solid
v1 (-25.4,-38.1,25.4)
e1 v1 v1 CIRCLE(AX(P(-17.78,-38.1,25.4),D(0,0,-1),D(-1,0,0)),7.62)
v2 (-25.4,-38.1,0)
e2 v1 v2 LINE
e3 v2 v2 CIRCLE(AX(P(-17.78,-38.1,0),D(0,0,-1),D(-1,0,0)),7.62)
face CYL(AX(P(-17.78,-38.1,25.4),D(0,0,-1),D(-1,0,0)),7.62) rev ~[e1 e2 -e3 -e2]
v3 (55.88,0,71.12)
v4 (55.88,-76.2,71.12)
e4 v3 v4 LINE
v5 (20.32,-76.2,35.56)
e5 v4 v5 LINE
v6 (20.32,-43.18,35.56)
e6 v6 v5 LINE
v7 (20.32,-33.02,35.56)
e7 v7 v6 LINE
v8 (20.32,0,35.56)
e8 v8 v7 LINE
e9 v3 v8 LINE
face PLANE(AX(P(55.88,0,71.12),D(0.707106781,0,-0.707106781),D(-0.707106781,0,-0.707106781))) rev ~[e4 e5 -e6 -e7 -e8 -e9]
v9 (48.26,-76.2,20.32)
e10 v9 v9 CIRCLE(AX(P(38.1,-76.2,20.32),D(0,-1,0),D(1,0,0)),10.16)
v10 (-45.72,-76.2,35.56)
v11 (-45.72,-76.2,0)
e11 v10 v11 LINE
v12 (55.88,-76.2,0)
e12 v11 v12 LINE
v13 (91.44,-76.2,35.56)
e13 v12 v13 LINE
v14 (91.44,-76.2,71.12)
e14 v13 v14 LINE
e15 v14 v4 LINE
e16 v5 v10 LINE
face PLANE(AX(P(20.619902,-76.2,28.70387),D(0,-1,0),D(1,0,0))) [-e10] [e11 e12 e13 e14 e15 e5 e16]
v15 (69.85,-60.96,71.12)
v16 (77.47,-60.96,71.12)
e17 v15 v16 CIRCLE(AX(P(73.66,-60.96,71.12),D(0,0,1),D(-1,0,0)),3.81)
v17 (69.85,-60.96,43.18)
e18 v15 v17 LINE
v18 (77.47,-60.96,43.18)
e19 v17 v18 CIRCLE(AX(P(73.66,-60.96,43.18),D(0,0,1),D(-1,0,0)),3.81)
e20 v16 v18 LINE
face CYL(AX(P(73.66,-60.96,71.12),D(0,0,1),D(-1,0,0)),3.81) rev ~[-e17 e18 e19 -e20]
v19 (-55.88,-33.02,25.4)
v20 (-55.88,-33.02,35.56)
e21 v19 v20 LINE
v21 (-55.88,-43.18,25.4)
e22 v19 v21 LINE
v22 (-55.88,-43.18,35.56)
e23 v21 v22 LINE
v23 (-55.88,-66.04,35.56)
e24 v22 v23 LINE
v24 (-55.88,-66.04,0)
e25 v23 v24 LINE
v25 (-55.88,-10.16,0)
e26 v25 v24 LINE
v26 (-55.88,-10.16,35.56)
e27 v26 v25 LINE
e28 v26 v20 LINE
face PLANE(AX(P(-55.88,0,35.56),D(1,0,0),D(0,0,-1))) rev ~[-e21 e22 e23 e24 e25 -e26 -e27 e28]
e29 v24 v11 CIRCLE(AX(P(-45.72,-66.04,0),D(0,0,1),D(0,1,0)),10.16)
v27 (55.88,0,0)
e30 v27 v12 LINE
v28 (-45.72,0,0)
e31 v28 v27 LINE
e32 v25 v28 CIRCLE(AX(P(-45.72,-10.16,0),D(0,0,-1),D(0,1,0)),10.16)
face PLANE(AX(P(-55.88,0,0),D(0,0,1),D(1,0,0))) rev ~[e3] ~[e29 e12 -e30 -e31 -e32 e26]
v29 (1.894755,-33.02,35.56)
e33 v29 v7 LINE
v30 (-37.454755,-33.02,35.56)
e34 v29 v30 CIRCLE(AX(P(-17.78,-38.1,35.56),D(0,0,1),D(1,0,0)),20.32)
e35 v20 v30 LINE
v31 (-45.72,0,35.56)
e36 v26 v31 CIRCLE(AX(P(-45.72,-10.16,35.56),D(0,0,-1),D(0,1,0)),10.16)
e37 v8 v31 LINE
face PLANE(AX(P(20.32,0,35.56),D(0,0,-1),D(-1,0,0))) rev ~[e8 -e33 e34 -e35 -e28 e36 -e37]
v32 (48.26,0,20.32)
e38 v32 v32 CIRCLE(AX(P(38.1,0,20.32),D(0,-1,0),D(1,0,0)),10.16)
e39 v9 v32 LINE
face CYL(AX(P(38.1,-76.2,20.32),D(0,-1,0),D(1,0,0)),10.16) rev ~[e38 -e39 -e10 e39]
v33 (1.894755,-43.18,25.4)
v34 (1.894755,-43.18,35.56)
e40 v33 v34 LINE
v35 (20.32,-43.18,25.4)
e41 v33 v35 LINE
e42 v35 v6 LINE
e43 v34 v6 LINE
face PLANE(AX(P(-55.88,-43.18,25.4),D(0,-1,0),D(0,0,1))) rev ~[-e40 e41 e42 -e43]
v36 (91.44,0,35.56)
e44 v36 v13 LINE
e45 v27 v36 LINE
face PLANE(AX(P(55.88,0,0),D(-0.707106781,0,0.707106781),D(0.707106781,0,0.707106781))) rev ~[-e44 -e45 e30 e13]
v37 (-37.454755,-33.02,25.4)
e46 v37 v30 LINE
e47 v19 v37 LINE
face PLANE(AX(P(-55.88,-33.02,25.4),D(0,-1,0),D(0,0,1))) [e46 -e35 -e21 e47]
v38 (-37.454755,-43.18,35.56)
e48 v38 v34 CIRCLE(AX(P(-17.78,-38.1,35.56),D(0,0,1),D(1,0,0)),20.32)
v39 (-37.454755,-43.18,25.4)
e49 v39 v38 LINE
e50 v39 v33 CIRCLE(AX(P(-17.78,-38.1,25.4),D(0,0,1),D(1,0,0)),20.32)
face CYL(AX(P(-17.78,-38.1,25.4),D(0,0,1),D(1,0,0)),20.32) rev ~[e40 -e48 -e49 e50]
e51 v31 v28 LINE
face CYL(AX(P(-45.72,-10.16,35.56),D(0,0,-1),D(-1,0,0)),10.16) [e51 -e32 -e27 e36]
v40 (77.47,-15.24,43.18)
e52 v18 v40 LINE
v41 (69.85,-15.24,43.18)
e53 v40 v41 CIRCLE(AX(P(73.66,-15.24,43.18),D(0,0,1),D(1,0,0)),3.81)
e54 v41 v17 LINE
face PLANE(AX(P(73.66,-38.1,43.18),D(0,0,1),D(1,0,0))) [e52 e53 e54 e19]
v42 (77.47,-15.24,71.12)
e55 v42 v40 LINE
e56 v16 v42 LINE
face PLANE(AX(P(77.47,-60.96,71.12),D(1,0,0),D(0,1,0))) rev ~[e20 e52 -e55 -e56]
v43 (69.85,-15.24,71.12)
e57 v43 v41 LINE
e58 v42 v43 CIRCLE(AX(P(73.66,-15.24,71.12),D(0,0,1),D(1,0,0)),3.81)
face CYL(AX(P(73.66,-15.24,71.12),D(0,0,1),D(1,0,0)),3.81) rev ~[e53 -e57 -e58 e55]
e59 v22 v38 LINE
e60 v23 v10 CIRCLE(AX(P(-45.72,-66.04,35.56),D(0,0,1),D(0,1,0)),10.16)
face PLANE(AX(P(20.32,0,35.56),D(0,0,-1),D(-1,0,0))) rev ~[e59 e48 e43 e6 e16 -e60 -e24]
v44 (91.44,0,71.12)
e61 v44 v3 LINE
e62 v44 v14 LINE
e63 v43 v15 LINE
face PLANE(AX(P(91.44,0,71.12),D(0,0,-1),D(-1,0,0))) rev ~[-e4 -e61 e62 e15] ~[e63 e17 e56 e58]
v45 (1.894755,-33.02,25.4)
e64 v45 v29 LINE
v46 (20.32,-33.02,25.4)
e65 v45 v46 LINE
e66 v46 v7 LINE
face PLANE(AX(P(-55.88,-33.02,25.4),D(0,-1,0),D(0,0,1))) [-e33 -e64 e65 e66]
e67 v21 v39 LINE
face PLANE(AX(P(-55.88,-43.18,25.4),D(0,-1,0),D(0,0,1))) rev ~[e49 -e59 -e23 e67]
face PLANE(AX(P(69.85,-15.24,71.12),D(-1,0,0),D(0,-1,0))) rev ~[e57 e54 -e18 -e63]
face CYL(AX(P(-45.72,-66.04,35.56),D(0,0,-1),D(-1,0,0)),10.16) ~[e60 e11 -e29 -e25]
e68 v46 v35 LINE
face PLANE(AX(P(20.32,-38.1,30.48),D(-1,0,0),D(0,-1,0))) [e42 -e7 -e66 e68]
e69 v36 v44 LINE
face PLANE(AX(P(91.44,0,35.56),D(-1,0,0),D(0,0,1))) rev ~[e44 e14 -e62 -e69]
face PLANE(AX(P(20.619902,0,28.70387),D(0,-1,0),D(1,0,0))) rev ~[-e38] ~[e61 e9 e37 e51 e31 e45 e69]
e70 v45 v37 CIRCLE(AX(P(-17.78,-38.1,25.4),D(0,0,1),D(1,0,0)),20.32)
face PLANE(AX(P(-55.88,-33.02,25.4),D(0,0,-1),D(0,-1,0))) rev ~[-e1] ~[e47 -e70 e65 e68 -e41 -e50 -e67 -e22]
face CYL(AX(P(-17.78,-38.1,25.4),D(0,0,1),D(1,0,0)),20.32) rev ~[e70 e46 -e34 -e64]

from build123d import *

# Parameters (mm, degrees)
F1_DEPTH       = 76.2
F2_R           = 10.16
F3_DEPTH       = 76.201
F4_W           = 10.16
F4_H           = 10.16
F5_DEPTH       = 76.2
F7_D           = 15.24
F7_START       = 10.16
F7_CBORE_D     = 40.64
F7_CBORE_DEPTH = 0
F9_DEPTH       = 27.94
F10_R          = 10.16


with BuildPart() as f1:
    # F0 (on Front) → F1 (new body)
    with BuildSketch(Plane.XZ):
        Polygon((-55.88, 35.56), (-55.88, 0), (55.88, 0), (91.44, 35.56), (91.44, 71.12), (55.88, 71.12), (20.32, 35.56), align=None)
    extrude(amount=F1_DEPTH)

    # F2 (on face) → F3 (cut, through all)
    with BuildSketch(Plane.XZ.offset(76.2)):
        with Locations((38.1, 20.32)):
            Circle(F2_R)
    extrude(amount=-F3_DEPTH, mode=Mode.SUBTRACT)

    # F4 (on face) → F5 (cut)
    with BuildSketch(Plane(origin=(-55.88, 0, 0), x_dir=(0, -1, 0), z_dir=(-1, 0, 0))):
        with Locations((38.1, 30.48)):
            Rectangle(F4_W, F4_H)
    extrude(amount=-F5_DEPTH, mode=Mode.SUBTRACT)

    # F7 (through all)
    # its depths count from where the whole tool has entered the part; down to there all is cleared
    with Locations(Plane.XY.offset(35.56).offset(-F7_START)):
        with Locations((-17.78, -38.1)):
            CounterBoreHole(F7_D / 2, F7_CBORE_D / 2, F7_CBORE_DEPTH)

    # F8 (on face) → F9 (cut)
    with BuildSketch(Plane.XY.offset(71.12)):
        with BuildLine():
            Line((77.47, -60.96), (77.47, -15.24))
            ThreePointArc((77.47, -15.24), (73.66, -11.43), (69.85, -15.24))
            Line((69.85, -15.24), (69.85, -60.96))
            ThreePointArc((69.85, -60.96), (73.66, -64.77), (77.47, -60.96))
        make_face()
    extrude(amount=-F9_DEPTH, mode=Mode.SUBTRACT)

    # F10
    f10_edges = [f1.edges().sort_by_distance(p)[0] for p in [
        (-55.88, -76.2, 17.78),
        (-55.88, 0, 17.78),
    ]]
    fillet(f10_edges, radius=F10_R)


solid = f1.part
